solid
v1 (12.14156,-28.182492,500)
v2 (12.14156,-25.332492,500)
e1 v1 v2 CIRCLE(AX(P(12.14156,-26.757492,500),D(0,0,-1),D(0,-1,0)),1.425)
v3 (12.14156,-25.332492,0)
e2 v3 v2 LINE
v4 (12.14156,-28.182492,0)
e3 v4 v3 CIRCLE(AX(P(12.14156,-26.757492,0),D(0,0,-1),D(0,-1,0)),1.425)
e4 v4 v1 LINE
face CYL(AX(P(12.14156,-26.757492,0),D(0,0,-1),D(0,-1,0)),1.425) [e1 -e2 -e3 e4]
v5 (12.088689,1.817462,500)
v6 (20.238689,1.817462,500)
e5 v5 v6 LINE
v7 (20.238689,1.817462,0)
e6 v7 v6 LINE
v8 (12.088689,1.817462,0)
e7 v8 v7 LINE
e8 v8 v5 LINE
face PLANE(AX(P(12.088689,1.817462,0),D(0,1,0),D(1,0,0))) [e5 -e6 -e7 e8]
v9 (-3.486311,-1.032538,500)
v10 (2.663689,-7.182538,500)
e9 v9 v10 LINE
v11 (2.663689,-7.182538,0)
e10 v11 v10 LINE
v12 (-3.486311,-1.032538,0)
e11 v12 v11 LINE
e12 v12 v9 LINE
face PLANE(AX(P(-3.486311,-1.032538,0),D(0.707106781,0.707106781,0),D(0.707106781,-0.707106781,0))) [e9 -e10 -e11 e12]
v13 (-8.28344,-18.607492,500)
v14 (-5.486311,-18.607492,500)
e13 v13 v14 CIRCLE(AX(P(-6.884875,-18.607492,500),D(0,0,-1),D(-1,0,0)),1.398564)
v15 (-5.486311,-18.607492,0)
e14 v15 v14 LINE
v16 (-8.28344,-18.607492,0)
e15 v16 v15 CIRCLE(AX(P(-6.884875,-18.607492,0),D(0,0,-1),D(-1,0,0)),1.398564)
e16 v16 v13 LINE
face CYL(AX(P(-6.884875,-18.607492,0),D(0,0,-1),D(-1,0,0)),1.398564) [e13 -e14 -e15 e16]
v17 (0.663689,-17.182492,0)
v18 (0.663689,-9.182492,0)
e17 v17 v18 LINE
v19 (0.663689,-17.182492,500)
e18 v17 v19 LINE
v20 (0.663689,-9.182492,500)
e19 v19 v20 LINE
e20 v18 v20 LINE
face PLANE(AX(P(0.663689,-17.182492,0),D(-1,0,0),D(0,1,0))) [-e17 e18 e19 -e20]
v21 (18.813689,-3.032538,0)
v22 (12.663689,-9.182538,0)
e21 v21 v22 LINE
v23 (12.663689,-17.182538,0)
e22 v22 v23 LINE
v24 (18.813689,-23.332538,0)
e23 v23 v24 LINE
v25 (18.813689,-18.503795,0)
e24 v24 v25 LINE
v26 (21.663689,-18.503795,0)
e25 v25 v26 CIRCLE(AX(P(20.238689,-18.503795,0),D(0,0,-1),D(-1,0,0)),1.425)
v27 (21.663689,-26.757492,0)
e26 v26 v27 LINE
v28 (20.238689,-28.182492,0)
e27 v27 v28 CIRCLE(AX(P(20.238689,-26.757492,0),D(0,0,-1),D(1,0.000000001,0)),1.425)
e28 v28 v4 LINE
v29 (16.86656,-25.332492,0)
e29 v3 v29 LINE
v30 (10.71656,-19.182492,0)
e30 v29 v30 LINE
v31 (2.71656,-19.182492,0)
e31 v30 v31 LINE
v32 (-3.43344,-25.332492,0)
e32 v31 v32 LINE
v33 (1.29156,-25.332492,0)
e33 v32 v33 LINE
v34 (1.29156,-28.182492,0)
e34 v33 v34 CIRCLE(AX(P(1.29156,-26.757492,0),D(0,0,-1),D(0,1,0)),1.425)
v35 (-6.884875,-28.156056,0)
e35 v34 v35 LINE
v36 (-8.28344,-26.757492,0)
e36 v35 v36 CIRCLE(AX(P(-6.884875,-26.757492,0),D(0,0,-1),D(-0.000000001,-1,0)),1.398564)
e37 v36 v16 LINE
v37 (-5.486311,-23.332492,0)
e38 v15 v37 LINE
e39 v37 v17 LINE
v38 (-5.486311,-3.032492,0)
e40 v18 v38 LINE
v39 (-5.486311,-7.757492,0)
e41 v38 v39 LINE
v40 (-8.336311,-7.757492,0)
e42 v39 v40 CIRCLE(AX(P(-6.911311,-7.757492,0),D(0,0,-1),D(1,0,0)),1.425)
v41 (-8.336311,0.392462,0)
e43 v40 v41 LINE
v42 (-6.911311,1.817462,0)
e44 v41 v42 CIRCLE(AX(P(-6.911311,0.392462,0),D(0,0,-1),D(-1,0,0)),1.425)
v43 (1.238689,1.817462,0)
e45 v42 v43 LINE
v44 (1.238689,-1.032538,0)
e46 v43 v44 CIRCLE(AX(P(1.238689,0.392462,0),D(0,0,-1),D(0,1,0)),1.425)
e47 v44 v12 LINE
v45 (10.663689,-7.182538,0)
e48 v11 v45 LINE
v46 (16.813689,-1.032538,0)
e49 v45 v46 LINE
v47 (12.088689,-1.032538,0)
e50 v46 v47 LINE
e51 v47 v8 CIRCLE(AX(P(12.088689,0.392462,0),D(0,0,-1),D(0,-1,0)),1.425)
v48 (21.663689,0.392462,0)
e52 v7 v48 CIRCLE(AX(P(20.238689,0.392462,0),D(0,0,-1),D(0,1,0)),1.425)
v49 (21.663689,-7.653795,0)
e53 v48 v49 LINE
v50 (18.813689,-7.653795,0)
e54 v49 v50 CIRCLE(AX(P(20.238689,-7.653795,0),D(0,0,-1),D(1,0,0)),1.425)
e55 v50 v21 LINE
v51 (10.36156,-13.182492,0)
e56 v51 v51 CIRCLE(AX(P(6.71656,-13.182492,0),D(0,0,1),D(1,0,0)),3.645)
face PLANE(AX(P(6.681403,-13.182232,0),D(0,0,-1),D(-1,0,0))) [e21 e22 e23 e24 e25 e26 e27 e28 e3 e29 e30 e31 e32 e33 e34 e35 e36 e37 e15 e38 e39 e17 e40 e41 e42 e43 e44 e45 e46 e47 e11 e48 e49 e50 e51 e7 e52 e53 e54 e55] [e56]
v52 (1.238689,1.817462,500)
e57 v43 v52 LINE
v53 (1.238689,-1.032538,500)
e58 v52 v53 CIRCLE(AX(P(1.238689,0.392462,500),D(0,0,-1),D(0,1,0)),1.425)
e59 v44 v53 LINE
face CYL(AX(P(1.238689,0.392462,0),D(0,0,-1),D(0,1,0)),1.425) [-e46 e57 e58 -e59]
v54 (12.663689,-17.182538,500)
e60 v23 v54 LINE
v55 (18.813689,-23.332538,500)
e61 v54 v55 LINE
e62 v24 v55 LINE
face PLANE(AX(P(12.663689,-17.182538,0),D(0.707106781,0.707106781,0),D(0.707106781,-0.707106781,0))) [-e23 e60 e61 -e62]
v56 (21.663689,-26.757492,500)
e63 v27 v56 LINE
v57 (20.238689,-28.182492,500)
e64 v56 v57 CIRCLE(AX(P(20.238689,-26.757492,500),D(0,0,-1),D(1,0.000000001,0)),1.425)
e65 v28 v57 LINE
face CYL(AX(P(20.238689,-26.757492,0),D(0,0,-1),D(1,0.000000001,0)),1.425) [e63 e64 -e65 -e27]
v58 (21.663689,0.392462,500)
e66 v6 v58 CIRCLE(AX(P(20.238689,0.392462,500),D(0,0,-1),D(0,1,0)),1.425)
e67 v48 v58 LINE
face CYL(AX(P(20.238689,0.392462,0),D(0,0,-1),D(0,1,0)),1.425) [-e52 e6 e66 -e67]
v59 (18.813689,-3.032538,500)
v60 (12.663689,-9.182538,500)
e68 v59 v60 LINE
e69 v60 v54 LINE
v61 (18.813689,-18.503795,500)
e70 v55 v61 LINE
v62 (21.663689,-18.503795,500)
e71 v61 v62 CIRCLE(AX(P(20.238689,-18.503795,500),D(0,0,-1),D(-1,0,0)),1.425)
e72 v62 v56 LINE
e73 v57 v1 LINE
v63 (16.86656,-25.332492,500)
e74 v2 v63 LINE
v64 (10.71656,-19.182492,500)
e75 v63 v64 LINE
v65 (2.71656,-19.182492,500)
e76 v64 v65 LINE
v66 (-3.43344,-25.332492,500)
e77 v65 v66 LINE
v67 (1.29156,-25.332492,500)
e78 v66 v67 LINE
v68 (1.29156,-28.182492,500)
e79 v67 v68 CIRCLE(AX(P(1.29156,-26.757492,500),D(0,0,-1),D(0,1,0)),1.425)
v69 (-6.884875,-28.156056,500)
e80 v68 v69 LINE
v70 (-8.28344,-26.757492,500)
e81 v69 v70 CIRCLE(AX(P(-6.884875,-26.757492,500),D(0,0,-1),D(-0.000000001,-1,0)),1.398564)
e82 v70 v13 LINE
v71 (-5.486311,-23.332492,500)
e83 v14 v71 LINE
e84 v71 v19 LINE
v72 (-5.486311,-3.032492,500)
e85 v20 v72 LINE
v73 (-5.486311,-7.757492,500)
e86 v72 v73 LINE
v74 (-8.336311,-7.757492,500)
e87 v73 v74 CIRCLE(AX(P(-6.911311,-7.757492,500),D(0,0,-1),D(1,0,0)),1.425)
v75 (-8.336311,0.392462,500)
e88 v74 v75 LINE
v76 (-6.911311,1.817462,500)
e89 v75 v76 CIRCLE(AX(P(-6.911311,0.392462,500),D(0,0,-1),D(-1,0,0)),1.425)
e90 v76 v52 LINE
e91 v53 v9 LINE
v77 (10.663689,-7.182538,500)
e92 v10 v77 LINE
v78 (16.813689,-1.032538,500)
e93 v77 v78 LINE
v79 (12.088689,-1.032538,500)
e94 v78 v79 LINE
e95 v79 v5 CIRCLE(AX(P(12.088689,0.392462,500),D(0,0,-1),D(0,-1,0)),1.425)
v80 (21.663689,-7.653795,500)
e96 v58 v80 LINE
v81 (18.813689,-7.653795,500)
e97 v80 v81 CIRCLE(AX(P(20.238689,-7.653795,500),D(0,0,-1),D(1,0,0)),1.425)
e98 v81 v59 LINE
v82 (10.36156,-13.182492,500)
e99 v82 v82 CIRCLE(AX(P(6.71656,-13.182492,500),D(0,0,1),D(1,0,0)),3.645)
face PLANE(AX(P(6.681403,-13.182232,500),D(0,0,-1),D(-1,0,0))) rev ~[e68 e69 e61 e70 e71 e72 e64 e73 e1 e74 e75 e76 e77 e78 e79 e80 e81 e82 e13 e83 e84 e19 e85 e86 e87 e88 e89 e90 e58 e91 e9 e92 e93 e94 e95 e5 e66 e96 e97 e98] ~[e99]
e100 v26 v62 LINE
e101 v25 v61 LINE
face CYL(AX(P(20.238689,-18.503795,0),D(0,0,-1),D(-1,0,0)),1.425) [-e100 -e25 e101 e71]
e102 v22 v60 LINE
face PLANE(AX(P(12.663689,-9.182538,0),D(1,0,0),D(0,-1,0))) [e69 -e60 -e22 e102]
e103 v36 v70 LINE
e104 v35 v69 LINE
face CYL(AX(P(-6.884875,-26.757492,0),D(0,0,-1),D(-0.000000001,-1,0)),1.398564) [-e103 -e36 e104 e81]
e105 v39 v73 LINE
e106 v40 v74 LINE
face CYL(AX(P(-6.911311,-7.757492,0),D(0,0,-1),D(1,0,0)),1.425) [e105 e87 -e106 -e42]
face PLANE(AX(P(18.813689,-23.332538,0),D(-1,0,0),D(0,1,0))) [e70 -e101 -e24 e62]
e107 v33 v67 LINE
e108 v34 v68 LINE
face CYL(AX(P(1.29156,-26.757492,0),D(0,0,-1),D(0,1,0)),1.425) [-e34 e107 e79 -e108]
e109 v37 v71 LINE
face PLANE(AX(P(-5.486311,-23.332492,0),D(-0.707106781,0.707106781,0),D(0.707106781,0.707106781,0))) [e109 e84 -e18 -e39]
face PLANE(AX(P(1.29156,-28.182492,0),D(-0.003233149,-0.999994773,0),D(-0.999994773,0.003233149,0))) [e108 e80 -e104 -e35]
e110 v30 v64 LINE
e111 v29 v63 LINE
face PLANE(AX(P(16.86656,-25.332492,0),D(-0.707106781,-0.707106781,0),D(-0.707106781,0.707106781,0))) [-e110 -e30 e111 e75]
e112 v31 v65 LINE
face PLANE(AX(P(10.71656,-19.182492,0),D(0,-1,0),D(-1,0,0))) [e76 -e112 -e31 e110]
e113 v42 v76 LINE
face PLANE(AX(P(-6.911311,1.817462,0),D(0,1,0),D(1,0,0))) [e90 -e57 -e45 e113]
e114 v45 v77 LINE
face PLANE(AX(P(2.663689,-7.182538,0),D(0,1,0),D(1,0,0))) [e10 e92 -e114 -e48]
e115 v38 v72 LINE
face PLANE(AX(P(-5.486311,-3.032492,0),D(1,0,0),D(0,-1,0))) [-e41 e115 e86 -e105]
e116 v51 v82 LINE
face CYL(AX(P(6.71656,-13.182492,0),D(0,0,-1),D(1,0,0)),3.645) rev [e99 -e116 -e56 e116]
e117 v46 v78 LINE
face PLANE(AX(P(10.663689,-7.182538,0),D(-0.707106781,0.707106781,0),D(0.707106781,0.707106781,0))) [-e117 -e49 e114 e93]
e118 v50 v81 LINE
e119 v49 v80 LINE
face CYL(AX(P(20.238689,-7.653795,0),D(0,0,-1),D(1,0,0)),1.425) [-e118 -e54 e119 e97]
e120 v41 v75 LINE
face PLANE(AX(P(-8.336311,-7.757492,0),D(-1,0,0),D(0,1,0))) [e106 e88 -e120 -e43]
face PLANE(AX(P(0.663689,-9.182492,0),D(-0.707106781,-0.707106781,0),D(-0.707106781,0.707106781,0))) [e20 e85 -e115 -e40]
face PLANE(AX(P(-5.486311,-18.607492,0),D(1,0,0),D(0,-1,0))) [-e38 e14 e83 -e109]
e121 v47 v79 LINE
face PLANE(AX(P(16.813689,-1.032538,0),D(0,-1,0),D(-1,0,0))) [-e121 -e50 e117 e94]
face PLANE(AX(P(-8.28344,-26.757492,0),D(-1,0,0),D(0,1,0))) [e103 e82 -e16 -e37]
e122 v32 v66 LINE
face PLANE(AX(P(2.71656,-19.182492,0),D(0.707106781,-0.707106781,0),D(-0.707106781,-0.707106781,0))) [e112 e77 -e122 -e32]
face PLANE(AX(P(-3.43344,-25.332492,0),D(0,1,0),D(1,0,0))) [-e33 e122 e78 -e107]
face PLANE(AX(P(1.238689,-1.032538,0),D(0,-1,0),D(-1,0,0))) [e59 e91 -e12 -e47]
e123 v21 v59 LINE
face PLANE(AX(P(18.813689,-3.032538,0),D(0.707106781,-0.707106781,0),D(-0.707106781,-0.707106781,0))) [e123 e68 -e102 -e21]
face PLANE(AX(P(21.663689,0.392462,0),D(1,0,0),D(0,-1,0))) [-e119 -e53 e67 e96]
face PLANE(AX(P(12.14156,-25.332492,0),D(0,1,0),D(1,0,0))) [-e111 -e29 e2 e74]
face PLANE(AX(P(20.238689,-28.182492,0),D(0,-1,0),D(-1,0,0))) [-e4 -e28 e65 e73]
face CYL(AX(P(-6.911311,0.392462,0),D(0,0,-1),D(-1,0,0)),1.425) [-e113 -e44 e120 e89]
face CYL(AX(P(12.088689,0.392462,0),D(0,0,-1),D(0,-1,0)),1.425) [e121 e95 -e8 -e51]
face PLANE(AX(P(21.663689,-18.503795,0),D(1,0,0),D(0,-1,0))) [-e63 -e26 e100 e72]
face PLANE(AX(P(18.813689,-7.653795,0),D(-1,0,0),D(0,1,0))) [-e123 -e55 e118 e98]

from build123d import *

# Parameters (mm, degrees)
CROQUIS1_R              = 3.645
SALIENTE_EXTRUIR1_DEPTH = 500


with BuildPart() as part:
    # Croquis1 → Saliente-Extruir1 (new body)
    with BuildSketch(Plane.XY):
        with BuildLine():
            Line((12.141560431, -25.332491675), (16.866560431, -25.332491675))
            Line((16.866560431, -25.332491675), (10.716560431, -19.182491675))
            Line((10.716560431, -19.182491675), (2.716560431, -19.182491675))
            Line((2.716560431, -19.182491675), (-3.433439569, -25.332491675))
            Line((-3.433439569, -25.332491675), (1.291560431, -25.332491675))
            ThreePointArc((1.291560431, -25.332491675), (2.716560431, -26.757491675), (1.291560431, -28.182491675))
            Line((1.291560431, -28.182491675), (-6.884875341, -28.156055903))
            ThreePointArc((-6.884875341, -28.156055903), (-7.87380959, -27.746425924), (-8.283439569, -26.757491675))
            Line((-8.283439569, -26.757491675), (-8.283439569, -18.607491675))
            ThreePointArc((-8.283439569, -18.607491675), (-6.884875341, -17.208927448), (-5.486311114, -18.607491675))
            Line((-5.486311114, -18.607491675), (-5.486311114, -23.332491675))
            Line((-5.486311114, -23.332491675), (0.663688886, -17.182491675))
            Line((0.663688886, -17.182491675), (0.663688886, -9.182491675))
            Line((0.663688886, -9.182491675), (-5.486311114, -3.032491675))
            Line((-5.486311114, -3.032491675), (-5.486311114, -7.757491675))
            ThreePointArc((-5.486311114, -7.757491675), (-6.911311114, -9.182491675), (-8.336311114, -7.757491675))
            Line((-8.336311114, -7.757491675), (-8.336311114, 0.392461735))
            ThreePointArc((-8.336311114, 0.392461735), (-7.918938277, 1.400088898), (-6.911311114, 1.817461735))
            Line((-6.911311114, 1.817461735), (1.238688886, 1.817461735))
            ThreePointArc((1.238688886, 1.817461735), (2.663688886, 0.392461735), (1.238688886, -1.032538265))
            Line((1.238688886, -1.032538265), (-3.486311114, -1.032538265))
            Line((-3.486311114, -1.032538265), (2.663688886, -7.182538265))
            Line((2.663688886, -7.182538265), (10.663688886, -7.182538265))
            Line((10.663688886, -7.182538265), (16.813688886, -1.032538265))
            Line((16.813688886, -1.032538265), (12.088688886, -1.032538265))
            ThreePointArc((12.088688886, -1.032538265), (10.663688886, 0.392461735), (12.088688886, 1.817461735))
            Line((12.088688886, 1.817461735), (20.238688886, 1.817461735))
            ThreePointArc((20.238688886, 1.817461735), (21.246316049, 1.400088898), (21.663688886, 0.392461735))
            Line((21.663688886, 0.392461735), (21.663688886, -7.65379458))
            ThreePointArc((21.663688886, -7.65379458), (20.238688886, -9.07879458), (18.813688886, -7.65379458))
            Line((18.813688886, -7.65379458), (18.813688886, -3.032538265))
            Line((18.813688886, -3.032538265), (12.663688886, -9.182538265))
            Line((12.663688886, -9.182538265), (12.663688886, -17.182538265))
            Line((12.663688886, -17.182538265), (18.813688886, -23.332538265))
            Line((18.813688886, -23.332538265), (18.813688886, -18.50379458))
            ThreePointArc((18.813688886, -18.50379458), (20.238688886, -17.07879458), (21.663688886, -18.50379458))
            Line((21.663688886, -18.50379458), (21.663688886, -26.757491675))
            ThreePointArc((21.663688886, -26.757491675), (21.246316049, -27.765118839), (20.238688886, -28.182491675))
            Line((20.238688886, -28.182491675), (12.141560431, -28.182491675))
            ThreePointArc((12.141560431, -28.182491675), (10.716560431, -26.757491675), (12.141560431, -25.332491675))
        make_face()
        with Locations((6.716560431, -13.182491675)):
            Circle(CROQUIS1_R, mode=Mode.SUBTRACT)
    extrude(amount=SALIENTE_EXTRUIR1_DEPTH)


solid = part.part
